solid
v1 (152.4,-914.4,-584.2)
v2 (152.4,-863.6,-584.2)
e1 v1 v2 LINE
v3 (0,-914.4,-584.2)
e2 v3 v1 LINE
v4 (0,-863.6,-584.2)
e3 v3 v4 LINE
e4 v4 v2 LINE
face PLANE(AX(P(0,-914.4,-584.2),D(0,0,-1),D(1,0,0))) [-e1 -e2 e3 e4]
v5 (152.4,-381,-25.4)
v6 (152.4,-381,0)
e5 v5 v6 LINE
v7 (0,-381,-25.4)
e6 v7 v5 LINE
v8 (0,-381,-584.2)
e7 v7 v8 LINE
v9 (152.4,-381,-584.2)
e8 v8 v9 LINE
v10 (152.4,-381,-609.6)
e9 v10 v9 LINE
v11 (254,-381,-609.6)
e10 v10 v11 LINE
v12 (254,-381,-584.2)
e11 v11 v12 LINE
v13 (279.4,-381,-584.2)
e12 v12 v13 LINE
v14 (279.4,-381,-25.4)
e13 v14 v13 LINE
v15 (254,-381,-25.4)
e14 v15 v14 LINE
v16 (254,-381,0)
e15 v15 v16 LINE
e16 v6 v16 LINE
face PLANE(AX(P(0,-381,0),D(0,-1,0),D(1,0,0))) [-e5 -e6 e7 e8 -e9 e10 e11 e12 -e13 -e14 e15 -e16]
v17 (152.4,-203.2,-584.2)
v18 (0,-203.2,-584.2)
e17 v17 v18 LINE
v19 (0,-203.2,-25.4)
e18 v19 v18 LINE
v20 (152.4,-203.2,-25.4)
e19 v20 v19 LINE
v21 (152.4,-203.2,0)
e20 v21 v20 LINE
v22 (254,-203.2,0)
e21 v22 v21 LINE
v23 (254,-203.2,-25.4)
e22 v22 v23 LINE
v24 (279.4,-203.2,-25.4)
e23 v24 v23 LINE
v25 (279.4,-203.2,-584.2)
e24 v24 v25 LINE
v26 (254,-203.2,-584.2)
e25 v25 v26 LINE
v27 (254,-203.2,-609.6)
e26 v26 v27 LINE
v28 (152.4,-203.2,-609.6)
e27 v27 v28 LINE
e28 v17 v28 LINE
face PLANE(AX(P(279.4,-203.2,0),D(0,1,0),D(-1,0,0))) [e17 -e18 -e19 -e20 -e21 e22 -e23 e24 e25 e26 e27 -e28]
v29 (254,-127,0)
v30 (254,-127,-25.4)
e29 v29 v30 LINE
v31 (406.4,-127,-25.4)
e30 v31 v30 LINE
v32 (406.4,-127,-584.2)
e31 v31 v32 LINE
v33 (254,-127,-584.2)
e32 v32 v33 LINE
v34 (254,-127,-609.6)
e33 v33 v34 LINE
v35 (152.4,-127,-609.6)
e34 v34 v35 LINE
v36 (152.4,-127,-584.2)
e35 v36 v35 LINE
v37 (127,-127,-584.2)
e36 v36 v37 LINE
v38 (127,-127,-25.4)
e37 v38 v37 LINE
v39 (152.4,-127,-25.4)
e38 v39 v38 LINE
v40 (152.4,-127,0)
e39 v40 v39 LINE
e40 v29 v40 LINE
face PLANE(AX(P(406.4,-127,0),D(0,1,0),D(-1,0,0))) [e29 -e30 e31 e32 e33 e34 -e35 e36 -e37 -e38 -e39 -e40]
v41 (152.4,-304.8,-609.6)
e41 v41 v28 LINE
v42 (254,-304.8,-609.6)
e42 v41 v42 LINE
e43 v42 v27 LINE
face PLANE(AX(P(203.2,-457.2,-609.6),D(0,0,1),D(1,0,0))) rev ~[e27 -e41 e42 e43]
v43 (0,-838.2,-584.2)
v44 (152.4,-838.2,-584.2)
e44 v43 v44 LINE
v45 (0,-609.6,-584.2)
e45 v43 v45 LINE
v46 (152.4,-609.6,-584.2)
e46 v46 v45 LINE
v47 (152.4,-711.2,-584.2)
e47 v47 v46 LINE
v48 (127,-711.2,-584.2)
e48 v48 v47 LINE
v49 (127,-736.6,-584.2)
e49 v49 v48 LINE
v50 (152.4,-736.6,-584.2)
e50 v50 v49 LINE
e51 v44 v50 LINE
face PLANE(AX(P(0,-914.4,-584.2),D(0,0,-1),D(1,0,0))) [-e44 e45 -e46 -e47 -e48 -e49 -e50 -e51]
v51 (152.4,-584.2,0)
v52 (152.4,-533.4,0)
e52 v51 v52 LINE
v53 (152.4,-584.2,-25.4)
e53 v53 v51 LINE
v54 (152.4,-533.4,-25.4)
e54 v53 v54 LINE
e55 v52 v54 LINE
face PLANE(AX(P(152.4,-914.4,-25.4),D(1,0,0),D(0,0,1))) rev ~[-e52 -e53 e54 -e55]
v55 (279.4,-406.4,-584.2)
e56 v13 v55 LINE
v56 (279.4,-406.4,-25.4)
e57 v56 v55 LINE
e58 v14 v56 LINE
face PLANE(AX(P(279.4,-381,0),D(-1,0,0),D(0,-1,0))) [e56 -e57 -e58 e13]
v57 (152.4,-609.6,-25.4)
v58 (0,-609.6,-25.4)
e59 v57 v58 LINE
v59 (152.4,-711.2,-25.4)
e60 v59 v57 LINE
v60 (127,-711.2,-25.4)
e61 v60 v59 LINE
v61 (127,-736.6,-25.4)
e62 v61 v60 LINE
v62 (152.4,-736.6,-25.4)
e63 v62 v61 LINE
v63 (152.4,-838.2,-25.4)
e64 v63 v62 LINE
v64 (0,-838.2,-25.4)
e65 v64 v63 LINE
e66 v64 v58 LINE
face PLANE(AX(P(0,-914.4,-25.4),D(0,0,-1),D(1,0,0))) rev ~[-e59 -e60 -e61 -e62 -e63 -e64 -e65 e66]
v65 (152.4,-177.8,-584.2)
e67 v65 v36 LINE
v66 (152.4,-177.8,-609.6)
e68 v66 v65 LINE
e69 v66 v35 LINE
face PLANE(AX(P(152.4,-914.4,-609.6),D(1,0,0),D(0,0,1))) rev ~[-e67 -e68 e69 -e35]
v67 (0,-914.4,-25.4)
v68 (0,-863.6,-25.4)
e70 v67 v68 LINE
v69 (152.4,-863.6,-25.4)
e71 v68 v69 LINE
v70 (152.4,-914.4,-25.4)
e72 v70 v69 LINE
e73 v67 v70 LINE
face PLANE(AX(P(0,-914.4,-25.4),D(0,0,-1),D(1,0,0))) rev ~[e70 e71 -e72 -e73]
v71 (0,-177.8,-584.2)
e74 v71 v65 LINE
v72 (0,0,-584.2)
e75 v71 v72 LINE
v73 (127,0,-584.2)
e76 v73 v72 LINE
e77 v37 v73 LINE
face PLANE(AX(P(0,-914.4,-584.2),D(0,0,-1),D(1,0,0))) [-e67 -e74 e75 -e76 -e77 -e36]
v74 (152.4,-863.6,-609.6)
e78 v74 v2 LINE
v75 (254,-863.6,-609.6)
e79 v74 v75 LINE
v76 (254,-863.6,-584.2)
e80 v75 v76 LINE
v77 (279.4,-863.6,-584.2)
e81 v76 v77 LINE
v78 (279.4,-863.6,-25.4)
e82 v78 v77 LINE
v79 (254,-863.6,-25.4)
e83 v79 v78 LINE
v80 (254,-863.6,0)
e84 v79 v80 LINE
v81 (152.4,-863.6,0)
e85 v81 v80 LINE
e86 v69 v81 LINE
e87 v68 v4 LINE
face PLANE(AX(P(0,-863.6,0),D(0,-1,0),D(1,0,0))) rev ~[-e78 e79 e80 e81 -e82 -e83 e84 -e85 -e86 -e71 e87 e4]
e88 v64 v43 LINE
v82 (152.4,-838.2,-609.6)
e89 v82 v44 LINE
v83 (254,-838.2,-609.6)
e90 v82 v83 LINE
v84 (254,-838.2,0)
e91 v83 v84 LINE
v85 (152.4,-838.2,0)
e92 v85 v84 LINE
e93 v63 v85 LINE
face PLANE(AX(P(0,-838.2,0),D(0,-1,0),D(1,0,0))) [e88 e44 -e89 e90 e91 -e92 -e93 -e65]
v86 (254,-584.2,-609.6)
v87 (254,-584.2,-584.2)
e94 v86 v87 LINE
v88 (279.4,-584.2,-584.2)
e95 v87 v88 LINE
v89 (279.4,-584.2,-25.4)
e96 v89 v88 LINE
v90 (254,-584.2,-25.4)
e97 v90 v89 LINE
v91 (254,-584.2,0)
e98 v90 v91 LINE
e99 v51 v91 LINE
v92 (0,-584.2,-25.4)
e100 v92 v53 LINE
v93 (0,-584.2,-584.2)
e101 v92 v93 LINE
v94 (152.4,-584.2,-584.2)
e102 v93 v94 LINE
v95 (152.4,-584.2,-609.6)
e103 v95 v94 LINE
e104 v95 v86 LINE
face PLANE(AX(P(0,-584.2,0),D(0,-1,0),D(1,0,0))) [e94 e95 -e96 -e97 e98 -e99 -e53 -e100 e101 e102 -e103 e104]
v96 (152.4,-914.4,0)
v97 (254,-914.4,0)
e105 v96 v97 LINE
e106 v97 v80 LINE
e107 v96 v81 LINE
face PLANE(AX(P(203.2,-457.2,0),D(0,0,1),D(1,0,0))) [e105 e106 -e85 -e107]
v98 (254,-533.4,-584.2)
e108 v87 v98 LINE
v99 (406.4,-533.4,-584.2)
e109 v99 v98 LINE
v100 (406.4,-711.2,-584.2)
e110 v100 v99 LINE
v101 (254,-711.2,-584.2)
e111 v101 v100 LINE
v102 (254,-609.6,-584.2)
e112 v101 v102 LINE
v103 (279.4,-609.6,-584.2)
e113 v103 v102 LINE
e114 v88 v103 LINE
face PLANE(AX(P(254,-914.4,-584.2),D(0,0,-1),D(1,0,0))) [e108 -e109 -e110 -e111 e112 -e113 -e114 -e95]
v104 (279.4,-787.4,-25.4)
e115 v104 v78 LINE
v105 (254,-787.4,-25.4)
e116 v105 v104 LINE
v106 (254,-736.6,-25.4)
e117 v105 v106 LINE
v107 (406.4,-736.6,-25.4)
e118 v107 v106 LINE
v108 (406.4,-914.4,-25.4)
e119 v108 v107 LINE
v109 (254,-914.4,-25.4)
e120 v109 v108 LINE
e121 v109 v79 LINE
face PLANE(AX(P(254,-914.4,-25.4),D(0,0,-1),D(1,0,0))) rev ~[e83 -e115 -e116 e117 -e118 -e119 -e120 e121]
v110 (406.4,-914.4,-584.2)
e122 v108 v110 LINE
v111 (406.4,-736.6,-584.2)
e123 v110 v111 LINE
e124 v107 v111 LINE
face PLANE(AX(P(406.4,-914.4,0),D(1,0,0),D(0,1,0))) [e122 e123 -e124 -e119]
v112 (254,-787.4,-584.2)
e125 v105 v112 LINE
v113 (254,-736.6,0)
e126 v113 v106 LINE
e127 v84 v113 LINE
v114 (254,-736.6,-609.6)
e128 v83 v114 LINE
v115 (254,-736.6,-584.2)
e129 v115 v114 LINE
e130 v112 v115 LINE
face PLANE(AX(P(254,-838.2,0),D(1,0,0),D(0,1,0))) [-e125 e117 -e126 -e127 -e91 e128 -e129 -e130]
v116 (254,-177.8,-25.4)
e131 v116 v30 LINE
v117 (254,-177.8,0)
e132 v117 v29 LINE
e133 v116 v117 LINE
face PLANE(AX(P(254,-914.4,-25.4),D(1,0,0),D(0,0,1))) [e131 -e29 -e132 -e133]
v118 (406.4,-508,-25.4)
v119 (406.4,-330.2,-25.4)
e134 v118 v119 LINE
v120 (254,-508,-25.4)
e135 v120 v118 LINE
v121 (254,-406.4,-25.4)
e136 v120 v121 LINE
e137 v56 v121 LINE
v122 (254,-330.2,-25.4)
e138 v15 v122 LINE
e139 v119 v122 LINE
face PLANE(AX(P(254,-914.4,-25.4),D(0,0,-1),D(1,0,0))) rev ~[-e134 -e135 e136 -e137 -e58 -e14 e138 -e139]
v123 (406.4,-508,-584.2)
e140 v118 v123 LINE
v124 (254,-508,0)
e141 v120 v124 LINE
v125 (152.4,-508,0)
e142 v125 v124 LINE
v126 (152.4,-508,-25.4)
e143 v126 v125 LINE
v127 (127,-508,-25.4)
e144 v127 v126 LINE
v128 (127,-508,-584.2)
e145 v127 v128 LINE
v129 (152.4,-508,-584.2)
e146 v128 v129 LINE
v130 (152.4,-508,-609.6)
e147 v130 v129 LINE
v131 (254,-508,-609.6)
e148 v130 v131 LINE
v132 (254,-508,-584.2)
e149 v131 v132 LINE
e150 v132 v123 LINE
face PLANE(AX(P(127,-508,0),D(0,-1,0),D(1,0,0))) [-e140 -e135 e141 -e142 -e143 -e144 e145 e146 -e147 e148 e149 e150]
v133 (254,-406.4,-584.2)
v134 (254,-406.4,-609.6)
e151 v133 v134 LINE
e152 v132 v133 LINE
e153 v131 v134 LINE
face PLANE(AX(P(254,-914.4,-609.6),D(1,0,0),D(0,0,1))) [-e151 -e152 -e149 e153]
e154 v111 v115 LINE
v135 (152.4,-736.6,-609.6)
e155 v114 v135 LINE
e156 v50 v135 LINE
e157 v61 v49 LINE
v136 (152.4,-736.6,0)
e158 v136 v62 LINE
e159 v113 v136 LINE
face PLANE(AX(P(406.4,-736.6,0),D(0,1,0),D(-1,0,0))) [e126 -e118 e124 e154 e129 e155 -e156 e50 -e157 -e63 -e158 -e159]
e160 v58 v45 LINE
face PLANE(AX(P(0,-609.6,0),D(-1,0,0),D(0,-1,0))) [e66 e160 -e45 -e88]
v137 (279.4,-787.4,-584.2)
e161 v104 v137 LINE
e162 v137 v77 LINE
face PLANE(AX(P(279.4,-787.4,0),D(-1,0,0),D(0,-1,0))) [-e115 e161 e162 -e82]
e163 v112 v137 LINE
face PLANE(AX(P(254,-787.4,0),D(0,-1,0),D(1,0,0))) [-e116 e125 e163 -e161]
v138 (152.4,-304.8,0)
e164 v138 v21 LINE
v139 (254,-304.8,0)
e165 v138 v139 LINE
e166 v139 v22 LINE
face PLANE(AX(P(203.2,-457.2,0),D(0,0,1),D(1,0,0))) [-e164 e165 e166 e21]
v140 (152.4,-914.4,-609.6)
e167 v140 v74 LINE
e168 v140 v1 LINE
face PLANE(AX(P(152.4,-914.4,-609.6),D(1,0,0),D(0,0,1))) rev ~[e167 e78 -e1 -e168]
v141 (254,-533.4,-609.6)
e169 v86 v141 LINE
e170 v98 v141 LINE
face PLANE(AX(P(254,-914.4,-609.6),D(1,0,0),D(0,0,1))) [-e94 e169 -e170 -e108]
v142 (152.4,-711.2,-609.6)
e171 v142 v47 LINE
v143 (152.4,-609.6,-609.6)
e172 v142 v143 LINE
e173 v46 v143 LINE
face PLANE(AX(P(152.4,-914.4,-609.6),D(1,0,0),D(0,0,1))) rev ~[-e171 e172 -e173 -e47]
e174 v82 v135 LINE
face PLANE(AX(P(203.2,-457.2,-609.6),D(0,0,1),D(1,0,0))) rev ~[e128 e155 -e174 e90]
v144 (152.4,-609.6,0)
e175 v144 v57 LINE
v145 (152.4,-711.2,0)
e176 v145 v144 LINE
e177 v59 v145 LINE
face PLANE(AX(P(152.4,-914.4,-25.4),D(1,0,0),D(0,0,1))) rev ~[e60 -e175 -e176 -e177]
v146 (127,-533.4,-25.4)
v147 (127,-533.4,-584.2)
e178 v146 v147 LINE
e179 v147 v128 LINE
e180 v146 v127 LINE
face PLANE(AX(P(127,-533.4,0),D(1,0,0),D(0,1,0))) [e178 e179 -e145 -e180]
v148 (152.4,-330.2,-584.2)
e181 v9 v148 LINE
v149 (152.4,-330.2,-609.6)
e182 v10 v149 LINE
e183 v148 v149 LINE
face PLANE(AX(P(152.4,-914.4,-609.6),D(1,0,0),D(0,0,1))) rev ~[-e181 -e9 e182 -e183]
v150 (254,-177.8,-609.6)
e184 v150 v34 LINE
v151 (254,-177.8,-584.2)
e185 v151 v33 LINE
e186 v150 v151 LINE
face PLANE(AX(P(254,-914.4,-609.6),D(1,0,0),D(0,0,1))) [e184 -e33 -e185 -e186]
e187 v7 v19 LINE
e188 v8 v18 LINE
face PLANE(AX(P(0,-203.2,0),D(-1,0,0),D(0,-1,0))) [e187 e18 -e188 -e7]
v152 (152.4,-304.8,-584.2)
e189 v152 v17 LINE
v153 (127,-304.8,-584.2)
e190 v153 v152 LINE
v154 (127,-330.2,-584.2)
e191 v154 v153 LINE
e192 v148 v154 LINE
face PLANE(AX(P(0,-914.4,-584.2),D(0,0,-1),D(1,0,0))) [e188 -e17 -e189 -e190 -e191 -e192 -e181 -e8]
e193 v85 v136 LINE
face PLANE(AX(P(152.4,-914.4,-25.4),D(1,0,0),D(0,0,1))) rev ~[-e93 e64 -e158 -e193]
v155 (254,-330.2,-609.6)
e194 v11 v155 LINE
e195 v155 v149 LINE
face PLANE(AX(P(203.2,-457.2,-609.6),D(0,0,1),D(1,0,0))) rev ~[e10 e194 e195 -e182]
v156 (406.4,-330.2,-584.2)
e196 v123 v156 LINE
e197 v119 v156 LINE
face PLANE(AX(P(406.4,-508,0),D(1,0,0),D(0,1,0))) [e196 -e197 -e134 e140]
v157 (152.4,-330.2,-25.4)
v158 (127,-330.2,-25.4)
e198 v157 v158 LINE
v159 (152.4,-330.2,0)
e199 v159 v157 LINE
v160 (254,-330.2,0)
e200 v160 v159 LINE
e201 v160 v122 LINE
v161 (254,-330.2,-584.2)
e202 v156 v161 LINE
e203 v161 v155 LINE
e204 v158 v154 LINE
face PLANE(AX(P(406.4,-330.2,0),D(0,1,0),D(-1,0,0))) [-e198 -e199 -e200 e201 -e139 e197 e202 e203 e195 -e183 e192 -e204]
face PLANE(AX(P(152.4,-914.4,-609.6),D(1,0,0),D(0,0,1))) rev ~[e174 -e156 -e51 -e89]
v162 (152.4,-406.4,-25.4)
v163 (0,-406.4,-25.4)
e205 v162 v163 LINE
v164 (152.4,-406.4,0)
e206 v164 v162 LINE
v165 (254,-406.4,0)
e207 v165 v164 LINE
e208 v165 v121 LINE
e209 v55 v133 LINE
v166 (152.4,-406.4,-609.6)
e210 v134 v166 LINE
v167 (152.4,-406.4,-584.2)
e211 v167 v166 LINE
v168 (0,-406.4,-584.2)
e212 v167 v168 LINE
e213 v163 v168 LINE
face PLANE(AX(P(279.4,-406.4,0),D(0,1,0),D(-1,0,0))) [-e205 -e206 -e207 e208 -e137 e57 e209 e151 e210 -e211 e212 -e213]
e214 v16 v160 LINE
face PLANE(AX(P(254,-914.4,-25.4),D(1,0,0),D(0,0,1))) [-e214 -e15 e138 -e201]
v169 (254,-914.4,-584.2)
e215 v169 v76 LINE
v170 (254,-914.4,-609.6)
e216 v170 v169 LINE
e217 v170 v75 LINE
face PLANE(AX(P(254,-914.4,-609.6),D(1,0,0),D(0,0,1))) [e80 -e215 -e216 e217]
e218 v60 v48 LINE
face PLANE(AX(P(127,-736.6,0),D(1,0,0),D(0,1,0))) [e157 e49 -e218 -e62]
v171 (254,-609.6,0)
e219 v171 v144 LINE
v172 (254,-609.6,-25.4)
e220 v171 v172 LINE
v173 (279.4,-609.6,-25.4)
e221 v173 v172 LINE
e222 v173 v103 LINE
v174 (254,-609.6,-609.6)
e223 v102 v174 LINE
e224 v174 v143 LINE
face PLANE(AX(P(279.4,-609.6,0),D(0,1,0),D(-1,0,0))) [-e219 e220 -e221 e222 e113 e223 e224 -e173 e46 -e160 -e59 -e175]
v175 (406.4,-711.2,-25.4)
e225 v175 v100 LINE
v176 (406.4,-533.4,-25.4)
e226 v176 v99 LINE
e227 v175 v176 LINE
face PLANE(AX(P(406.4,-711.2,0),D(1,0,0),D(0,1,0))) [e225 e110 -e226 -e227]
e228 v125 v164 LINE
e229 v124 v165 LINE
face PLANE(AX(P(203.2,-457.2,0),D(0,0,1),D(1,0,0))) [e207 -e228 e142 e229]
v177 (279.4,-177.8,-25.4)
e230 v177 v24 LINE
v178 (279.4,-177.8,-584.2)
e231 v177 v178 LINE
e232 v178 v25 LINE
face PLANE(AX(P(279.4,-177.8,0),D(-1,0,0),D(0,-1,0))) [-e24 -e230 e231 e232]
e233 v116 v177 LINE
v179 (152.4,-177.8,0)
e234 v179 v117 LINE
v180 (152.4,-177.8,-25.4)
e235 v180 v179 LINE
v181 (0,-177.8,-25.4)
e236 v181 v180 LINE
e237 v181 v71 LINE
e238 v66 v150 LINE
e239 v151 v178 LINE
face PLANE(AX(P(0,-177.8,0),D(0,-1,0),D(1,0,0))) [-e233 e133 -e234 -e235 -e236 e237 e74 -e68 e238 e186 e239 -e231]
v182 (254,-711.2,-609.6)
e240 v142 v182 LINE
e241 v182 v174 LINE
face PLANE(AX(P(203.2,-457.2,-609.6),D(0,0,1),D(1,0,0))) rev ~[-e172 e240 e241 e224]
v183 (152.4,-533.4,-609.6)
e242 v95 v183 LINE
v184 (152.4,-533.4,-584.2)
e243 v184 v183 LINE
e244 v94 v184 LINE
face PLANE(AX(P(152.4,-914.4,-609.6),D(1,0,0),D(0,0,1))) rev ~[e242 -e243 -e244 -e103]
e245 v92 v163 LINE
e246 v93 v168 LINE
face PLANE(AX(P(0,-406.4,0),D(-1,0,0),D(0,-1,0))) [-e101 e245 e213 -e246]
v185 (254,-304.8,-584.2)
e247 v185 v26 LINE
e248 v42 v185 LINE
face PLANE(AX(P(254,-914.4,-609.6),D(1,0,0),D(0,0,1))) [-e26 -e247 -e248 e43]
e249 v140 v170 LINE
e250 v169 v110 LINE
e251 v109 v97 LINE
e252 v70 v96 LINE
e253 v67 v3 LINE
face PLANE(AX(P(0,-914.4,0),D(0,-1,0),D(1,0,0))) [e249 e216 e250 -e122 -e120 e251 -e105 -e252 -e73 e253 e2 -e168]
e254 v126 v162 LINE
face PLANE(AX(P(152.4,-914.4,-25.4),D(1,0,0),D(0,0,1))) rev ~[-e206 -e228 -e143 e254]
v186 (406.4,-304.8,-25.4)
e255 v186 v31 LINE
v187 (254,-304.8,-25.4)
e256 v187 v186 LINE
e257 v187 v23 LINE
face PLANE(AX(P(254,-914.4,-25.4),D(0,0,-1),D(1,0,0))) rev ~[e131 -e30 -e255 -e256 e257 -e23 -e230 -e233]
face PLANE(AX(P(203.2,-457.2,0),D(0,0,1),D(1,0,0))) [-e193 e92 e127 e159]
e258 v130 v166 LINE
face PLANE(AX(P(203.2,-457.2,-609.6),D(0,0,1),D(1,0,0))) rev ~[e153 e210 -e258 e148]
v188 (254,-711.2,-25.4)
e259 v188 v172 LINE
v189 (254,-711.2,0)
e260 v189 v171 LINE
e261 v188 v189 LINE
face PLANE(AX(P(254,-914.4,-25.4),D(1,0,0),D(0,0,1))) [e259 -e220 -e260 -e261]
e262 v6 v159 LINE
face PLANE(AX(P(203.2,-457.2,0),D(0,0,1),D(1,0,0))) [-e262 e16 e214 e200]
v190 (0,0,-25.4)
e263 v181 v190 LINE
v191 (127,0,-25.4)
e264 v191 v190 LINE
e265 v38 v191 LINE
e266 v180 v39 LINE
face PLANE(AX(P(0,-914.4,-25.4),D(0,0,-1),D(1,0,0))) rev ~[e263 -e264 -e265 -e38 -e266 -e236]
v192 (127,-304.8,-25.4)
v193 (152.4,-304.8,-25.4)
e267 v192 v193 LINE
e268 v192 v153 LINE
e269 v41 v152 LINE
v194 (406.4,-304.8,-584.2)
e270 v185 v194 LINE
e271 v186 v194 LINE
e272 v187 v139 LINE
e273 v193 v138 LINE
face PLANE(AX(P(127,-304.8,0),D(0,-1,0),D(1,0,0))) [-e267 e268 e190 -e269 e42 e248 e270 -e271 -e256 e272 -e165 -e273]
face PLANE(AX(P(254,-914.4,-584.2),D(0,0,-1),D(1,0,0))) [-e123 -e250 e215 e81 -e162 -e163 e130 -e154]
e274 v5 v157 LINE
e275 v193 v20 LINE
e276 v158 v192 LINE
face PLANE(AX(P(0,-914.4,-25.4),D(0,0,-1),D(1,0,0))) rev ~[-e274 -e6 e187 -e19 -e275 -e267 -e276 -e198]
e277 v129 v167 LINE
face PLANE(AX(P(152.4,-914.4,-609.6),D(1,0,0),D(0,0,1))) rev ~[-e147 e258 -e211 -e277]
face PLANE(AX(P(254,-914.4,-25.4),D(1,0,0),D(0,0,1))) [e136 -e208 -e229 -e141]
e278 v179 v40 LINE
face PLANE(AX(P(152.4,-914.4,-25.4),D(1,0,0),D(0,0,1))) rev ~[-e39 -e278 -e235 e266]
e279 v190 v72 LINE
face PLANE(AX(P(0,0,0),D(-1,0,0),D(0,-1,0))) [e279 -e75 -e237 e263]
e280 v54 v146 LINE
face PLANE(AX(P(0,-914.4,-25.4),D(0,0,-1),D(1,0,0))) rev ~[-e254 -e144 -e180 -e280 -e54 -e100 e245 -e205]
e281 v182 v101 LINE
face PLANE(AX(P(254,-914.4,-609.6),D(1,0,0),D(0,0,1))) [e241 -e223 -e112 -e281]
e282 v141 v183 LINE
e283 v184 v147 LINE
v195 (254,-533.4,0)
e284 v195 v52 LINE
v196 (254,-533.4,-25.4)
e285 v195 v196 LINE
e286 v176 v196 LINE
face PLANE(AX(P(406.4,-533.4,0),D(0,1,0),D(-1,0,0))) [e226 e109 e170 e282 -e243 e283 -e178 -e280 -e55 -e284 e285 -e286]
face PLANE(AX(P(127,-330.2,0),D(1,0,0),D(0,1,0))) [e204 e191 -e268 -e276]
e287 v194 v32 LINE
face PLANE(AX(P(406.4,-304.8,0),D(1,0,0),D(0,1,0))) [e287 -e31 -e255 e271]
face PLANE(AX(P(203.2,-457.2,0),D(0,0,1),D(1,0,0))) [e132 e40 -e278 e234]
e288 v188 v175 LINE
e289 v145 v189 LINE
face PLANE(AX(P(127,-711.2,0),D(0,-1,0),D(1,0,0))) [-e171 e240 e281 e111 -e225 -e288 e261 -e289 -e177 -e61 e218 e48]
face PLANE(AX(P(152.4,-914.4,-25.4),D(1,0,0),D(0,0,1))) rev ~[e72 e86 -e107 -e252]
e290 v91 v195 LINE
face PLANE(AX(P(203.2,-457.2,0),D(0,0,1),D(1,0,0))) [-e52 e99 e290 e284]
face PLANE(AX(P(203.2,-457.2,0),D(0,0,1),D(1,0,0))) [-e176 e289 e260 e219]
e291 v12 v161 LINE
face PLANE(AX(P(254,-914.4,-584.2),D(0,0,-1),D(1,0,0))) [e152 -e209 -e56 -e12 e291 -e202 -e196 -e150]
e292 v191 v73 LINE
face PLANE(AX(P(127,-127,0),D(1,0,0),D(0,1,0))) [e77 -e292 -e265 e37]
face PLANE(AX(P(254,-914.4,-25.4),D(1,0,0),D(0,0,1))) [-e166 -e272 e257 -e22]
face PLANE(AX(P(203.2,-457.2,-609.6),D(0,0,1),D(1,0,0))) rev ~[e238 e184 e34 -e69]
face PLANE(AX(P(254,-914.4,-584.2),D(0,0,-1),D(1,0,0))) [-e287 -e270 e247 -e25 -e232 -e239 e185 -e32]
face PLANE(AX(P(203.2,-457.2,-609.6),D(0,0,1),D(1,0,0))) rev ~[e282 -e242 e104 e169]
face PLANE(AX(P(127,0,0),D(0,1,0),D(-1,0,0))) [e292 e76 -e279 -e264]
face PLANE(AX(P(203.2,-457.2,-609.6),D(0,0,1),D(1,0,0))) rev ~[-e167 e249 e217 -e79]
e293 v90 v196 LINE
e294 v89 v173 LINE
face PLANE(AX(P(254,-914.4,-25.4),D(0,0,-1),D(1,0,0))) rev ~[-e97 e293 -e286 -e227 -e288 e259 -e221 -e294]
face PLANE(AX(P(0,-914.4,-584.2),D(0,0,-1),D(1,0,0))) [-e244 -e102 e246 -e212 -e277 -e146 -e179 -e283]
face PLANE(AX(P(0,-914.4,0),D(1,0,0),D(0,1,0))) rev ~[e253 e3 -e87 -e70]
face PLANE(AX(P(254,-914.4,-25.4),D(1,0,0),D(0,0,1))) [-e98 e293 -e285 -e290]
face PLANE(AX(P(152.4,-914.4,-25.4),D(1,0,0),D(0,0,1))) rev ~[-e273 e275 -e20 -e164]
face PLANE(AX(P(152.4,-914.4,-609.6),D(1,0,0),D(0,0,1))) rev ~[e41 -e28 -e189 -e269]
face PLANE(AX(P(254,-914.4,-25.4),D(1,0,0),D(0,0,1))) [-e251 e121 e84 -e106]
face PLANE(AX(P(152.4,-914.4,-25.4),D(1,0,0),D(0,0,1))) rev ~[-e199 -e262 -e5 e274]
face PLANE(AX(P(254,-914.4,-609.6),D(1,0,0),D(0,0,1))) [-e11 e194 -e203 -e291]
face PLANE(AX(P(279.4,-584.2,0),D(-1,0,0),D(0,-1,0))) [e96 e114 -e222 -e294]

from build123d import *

# Parameters (mm, degrees)
F0_W     = 254
F0_H     = 50.8
F0_W_2   = 279.4
F1_DEPTH = 609.6
F2_W     = 152.4
F2_H     = 25.4
F3_DEPTH = 914.401


with BuildPart() as f1:
    # F0 (on Top) → F1 (new body)
    with BuildSketch(Plane.XY):
        Polygon((127, 0), (0, 0), (0, -177.8), (279.4, -177.8), (279.4, -203.2), (0, -203.2), (0, -381), (279.4, -381), (279.4, -406.4), (0, -406.4), (0, -584.2), (279.4, -584.2), (279.4, -609.6), (0, -609.6), (0, -787.4), (254, -787.4), (279.4, -787.4), (279.4, -863.6), (279.4, -914.4), (406.4, -914.4), (406.4, -736.6), (127, -736.6), (127, -711.2), (406.4, -711.2), (406.4, -533.4), (127, -533.4), (127, -508), (406.4, -508), (406.4, -330.2), (127, -330.2), (127, -304.8), (406.4, -304.8), (406.4, -127), (127, -127), align=None)
        with Locations((127, -812.8)):
            Rectangle(F0_W, F0_H)
        with Locations((139.7, -889)):
            Rectangle(F0_W_2, F0_H)
    extrude(amount=-F1_DEPTH)

    # F2 (on face) → F3 (cut, through all)
    with BuildSketch(Plane.XZ.offset(914.4)):
        with Locations((76.2, -12.7)):
            Rectangle(F2_W, F2_H)
        with Locations((330.2, -12.7)):
            Rectangle(F2_W, F2_H)
        with Locations((76.2, -596.9)):
            Rectangle(F2_W, F2_H)
        with Locations((330.2, -596.9)):
            Rectangle(F2_W, F2_H)
    extrude(amount=-F3_DEPTH, mode=Mode.SUBTRACT)


solid = f1.part
